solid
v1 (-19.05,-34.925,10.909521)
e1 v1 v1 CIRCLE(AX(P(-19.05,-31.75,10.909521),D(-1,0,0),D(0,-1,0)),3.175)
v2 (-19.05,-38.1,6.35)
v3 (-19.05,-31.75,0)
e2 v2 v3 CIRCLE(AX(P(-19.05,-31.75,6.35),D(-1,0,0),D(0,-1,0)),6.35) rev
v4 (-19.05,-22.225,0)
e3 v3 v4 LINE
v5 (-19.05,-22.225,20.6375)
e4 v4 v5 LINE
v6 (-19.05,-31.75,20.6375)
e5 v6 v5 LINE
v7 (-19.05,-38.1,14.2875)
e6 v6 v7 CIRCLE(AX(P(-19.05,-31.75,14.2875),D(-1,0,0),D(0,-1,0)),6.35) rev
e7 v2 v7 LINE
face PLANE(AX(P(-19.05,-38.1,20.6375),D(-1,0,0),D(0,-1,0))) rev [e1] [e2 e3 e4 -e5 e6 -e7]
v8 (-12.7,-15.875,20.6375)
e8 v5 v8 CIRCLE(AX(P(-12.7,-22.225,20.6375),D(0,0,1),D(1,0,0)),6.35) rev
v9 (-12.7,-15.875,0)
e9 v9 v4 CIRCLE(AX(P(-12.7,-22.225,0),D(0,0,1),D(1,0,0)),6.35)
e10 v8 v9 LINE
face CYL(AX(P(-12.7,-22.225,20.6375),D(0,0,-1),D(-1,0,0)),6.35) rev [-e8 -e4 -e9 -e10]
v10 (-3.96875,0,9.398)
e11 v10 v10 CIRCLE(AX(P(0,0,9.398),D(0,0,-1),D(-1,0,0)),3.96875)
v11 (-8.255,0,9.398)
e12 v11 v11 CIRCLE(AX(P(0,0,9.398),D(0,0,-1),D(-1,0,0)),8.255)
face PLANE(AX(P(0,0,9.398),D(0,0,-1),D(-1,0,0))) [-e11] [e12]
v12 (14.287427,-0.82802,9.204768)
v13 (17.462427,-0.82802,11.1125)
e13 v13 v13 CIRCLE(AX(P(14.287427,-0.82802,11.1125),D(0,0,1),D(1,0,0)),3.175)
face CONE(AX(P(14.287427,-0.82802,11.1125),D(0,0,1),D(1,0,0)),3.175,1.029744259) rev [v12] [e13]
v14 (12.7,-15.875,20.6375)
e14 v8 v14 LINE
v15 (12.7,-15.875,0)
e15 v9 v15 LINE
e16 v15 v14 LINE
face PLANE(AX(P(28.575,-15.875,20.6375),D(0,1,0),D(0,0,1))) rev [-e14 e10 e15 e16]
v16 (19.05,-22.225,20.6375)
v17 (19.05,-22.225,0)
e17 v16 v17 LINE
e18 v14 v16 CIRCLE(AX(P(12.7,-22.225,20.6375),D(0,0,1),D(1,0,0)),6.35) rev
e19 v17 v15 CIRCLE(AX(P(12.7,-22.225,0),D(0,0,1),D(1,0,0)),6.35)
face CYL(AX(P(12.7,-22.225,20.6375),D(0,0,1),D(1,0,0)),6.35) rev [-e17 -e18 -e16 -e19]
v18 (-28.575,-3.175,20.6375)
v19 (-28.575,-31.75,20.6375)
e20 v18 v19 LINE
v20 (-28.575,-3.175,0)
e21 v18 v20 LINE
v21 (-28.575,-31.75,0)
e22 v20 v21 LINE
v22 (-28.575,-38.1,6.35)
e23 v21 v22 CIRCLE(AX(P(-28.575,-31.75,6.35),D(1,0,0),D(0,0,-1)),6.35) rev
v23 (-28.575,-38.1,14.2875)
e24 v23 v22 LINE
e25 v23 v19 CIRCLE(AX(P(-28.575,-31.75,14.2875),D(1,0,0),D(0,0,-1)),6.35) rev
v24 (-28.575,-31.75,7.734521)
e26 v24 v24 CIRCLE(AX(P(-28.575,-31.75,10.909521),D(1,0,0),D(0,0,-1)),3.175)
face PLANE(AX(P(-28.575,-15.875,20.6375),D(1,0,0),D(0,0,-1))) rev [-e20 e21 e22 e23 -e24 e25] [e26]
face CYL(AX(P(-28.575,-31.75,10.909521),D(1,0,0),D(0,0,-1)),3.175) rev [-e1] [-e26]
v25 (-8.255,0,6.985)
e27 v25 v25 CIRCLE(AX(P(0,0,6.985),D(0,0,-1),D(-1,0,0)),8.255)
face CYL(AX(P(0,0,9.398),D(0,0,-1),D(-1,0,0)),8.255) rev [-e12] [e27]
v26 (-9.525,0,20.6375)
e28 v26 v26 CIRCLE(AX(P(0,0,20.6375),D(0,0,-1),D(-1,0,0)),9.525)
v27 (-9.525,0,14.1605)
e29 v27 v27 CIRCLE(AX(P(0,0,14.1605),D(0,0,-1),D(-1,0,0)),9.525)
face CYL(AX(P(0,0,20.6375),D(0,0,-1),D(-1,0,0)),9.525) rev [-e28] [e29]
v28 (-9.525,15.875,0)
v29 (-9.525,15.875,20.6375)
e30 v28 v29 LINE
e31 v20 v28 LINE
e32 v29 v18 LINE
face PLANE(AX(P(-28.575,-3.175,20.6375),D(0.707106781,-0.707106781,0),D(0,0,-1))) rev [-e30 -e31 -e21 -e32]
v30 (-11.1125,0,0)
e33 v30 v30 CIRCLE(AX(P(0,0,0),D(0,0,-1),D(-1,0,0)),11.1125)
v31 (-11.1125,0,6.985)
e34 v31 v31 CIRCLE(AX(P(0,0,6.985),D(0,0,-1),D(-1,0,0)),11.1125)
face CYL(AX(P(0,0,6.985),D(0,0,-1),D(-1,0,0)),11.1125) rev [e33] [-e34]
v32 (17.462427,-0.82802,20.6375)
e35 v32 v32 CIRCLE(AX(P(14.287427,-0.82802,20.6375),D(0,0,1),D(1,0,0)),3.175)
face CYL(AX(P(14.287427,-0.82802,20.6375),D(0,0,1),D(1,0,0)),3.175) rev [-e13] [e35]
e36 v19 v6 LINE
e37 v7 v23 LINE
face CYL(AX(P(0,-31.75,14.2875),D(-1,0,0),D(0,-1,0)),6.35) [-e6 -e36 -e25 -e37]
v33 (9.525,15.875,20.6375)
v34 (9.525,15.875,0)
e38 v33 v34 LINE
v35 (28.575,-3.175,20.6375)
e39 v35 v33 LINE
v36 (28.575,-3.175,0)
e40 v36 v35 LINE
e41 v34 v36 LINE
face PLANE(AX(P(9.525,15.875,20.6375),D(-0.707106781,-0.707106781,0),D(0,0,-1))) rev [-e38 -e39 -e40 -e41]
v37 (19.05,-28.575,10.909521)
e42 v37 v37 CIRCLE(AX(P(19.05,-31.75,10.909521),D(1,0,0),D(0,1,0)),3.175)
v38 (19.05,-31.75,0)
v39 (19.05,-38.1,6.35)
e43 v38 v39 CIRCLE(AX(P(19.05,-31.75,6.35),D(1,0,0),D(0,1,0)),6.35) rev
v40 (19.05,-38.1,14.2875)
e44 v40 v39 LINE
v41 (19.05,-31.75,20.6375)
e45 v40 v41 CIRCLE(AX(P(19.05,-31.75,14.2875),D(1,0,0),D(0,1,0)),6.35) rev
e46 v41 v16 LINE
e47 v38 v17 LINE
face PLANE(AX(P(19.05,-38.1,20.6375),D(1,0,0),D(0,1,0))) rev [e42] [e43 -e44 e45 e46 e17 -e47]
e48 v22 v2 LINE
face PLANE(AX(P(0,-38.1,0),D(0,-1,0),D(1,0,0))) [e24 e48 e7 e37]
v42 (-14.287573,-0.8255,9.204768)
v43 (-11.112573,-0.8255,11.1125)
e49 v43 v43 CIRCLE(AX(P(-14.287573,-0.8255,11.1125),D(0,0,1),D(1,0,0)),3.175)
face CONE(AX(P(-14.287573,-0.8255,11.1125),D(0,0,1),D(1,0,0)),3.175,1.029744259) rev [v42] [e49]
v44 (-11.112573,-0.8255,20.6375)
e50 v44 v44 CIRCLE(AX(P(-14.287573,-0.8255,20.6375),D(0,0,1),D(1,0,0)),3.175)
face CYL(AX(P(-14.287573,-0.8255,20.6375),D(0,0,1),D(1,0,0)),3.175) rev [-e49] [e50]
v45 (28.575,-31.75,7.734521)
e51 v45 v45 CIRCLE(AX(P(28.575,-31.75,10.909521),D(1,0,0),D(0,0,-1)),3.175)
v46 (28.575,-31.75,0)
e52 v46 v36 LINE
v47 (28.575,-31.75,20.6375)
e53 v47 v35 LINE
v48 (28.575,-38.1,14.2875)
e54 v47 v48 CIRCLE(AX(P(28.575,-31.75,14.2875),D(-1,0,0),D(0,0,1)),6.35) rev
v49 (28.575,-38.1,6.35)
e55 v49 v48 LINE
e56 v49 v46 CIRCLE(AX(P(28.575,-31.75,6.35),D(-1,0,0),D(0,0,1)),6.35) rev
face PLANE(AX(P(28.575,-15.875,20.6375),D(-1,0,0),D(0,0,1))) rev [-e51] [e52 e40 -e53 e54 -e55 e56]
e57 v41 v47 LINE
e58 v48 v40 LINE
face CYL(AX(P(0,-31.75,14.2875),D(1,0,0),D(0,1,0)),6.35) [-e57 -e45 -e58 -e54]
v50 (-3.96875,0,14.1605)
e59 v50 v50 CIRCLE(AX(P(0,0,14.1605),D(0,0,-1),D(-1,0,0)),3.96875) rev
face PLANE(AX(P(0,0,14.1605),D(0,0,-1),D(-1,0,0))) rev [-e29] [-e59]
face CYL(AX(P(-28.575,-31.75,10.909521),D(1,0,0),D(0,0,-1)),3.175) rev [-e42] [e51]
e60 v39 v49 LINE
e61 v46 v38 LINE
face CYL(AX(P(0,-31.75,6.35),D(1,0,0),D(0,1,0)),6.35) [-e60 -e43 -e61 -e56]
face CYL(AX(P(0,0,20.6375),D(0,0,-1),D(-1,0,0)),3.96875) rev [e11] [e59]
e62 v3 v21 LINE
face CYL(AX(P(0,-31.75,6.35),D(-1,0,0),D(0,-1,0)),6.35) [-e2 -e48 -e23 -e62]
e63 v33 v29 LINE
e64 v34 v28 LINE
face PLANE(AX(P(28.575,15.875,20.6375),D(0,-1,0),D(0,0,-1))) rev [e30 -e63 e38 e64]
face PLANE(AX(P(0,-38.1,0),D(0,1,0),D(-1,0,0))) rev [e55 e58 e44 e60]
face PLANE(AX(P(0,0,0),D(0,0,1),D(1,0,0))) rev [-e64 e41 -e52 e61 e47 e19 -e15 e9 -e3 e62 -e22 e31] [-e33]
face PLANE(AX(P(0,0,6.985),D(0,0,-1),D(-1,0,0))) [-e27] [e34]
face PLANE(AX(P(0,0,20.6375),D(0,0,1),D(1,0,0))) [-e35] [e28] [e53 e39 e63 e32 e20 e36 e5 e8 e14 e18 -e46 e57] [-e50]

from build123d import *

# Parameters (mm, degrees)
SKETCH1_W                      = 57.15
SKETCH1_H                      = 31.75
BOSS_EXTRUDE1_DEPTH            = 20.6375
SKETCH2_R                      = 11.1125
CUT_EXTRUDE1_DEPTH             = 6.985
SKETCH3_R                      = 8.255
CUT_EXTRUDE2_DEPTH             = 2.413
SKETCH4_R                      = 3.96875
CUT_EXTRUDE3_DEPTH             = 35.56692943
CUT_EXTRUDE4_START             = -4.7625
SKETCH6_R                      = 9.525
CUT_EXTRUDE4_DEPTH             = 30.80442943
SKETCH7_W                      = 9.525
SKETCH7_H                      = 20.6375
BOSS_EXTRUDE2_DEPTH            = 22.225
SKETCH9_R                      = 3.175
CUT_EXTRUDE5_DEPTH             = 72.719166938
FILLET1_R                      = 6.35
F_1_4_0_2500_DOWEL_HOLE1_D     = 6.35
F_1_4_0_2500_DOWEL_HOLE1_DEPTH = 9.525
F_1_4_0_2500_DOWEL_HOLE1_TIP   = 1.907732465
FILLET3_R                      = 6.35
CHAMFER1_SIZE                  = 19.05


with BuildPart() as part:
    # Sketch1 → Boss-Extrude1 (new body)
    with BuildSketch(Plane.XY):
        Rectangle(SKETCH1_W, SKETCH1_H)
    extrude(amount=BOSS_EXTRUDE1_DEPTH)

    # Sketch2 → Cut-Extrude1 (cut)
    with BuildSketch(Plane(origin=(0, 0, 0), x_dir=(-1, 0, 0), z_dir=(0, 0, -1))):
        Circle(SKETCH2_R)
    extrude(amount=-CUT_EXTRUDE1_DEPTH, mode=Mode.SUBTRACT)

    # Sketch3 → Cut-Extrude2 (cut)
    with BuildSketch(Plane(origin=(0, 0, 6.985), x_dir=(-1, 0, 0), z_dir=(0, 0, -1))):
        Circle(SKETCH3_R)
    extrude(amount=-CUT_EXTRUDE2_DEPTH, mode=Mode.SUBTRACT)

    # Sketch4 → Cut-Extrude3 (cut, through all)
    with BuildSketch(Plane(origin=(0, 0, 9.398), x_dir=(-1, 0, 0), z_dir=(0, 0, -1))):
        Circle(SKETCH4_R)
    extrude(amount=-CUT_EXTRUDE3_DEPTH, mode=Mode.SUBTRACT)

    # Sketch6 → Cut-Extrude4 (cut, through all)
    with BuildSketch(Plane(origin=(0, 0, 9.398), x_dir=(-1, 0, 0), z_dir=(0, 0, -1)).offset(CUT_EXTRUDE4_START)):
        Circle(SKETCH6_R)
    extrude(amount=-CUT_EXTRUDE4_DEPTH, mode=Mode.SUBTRACT)

    # Sketch7 → Boss-Extrude2 (add)
    with BuildSketch(Plane.XZ.offset(15.875)):
        with Locations((-23.8125, 10.31875)):
            Rectangle(SKETCH7_W, SKETCH7_H)
        with Locations((23.8125, 10.31875)):
            Rectangle(SKETCH7_W, SKETCH7_H)
    extrude(amount=BOSS_EXTRUDE2_DEPTH)

    # Sketch9 → Cut-Extrude5 (cut, through all)
    with BuildSketch(Plane(origin=(28.575, 0, 0), x_dir=(0, 0, -1), z_dir=(1, 0, 0))):
        with Locations((-10.909520599, -31.75)):
            Circle(SKETCH9_R)
    extrude(amount=-CUT_EXTRUDE5_DEPTH, mode=Mode.SUBTRACT)

    # Fillet1
    fillet1_edges = [part.edges().sort_by_distance(p)[0] for p in [
        (-19.05, -15.875, 10.31875),
        (19.05, -15.875, 10.31875),
    ]]
    fillet(fillet1_edges, radius=FILLET1_R)

    # 1/4 (0.2500) Dowel Hole1
    with Locations(Plane.XY.offset(20.6375)):
        with Locations((-14.287572867, -0.8255), (14.287427022, -0.828020391)):
            Hole(F_1_4_0_2500_DOWEL_HOLE1_D / 2, depth=F_1_4_0_2500_DOWEL_HOLE1_DEPTH)
            with Locations((0, 0, -(F_1_4_0_2500_DOWEL_HOLE1_DEPTH + F_1_4_0_2500_DOWEL_HOLE1_TIP / 2))):  # 118° drill point
                Cone(0, F_1_4_0_2500_DOWEL_HOLE1_D / 2, F_1_4_0_2500_DOWEL_HOLE1_TIP, mode=Mode.SUBTRACT)

    # Fillet3
    fillet3_edges = [part.edges().sort_by_distance(p)[0] for p in [
        (-23.8125, -38.1, 0),
        (-23.8125, -38.1, 20.6375),
        (23.8125, -38.1, 20.6375),
        (23.8125, -38.1, 0),
    ]]
    fillet(fillet3_edges, radius=FILLET3_R)

    # Chamfer1
    chamfer1_edges = [part.edges().sort_by_distance(p)[0] for p in [
        (-28.575, 15.875, 10.31875),
        (28.575, 15.875, 10.31875),
    ]]
    chamfer(chamfer1_edges, length=CHAMFER1_SIZE)


solid = part.part
